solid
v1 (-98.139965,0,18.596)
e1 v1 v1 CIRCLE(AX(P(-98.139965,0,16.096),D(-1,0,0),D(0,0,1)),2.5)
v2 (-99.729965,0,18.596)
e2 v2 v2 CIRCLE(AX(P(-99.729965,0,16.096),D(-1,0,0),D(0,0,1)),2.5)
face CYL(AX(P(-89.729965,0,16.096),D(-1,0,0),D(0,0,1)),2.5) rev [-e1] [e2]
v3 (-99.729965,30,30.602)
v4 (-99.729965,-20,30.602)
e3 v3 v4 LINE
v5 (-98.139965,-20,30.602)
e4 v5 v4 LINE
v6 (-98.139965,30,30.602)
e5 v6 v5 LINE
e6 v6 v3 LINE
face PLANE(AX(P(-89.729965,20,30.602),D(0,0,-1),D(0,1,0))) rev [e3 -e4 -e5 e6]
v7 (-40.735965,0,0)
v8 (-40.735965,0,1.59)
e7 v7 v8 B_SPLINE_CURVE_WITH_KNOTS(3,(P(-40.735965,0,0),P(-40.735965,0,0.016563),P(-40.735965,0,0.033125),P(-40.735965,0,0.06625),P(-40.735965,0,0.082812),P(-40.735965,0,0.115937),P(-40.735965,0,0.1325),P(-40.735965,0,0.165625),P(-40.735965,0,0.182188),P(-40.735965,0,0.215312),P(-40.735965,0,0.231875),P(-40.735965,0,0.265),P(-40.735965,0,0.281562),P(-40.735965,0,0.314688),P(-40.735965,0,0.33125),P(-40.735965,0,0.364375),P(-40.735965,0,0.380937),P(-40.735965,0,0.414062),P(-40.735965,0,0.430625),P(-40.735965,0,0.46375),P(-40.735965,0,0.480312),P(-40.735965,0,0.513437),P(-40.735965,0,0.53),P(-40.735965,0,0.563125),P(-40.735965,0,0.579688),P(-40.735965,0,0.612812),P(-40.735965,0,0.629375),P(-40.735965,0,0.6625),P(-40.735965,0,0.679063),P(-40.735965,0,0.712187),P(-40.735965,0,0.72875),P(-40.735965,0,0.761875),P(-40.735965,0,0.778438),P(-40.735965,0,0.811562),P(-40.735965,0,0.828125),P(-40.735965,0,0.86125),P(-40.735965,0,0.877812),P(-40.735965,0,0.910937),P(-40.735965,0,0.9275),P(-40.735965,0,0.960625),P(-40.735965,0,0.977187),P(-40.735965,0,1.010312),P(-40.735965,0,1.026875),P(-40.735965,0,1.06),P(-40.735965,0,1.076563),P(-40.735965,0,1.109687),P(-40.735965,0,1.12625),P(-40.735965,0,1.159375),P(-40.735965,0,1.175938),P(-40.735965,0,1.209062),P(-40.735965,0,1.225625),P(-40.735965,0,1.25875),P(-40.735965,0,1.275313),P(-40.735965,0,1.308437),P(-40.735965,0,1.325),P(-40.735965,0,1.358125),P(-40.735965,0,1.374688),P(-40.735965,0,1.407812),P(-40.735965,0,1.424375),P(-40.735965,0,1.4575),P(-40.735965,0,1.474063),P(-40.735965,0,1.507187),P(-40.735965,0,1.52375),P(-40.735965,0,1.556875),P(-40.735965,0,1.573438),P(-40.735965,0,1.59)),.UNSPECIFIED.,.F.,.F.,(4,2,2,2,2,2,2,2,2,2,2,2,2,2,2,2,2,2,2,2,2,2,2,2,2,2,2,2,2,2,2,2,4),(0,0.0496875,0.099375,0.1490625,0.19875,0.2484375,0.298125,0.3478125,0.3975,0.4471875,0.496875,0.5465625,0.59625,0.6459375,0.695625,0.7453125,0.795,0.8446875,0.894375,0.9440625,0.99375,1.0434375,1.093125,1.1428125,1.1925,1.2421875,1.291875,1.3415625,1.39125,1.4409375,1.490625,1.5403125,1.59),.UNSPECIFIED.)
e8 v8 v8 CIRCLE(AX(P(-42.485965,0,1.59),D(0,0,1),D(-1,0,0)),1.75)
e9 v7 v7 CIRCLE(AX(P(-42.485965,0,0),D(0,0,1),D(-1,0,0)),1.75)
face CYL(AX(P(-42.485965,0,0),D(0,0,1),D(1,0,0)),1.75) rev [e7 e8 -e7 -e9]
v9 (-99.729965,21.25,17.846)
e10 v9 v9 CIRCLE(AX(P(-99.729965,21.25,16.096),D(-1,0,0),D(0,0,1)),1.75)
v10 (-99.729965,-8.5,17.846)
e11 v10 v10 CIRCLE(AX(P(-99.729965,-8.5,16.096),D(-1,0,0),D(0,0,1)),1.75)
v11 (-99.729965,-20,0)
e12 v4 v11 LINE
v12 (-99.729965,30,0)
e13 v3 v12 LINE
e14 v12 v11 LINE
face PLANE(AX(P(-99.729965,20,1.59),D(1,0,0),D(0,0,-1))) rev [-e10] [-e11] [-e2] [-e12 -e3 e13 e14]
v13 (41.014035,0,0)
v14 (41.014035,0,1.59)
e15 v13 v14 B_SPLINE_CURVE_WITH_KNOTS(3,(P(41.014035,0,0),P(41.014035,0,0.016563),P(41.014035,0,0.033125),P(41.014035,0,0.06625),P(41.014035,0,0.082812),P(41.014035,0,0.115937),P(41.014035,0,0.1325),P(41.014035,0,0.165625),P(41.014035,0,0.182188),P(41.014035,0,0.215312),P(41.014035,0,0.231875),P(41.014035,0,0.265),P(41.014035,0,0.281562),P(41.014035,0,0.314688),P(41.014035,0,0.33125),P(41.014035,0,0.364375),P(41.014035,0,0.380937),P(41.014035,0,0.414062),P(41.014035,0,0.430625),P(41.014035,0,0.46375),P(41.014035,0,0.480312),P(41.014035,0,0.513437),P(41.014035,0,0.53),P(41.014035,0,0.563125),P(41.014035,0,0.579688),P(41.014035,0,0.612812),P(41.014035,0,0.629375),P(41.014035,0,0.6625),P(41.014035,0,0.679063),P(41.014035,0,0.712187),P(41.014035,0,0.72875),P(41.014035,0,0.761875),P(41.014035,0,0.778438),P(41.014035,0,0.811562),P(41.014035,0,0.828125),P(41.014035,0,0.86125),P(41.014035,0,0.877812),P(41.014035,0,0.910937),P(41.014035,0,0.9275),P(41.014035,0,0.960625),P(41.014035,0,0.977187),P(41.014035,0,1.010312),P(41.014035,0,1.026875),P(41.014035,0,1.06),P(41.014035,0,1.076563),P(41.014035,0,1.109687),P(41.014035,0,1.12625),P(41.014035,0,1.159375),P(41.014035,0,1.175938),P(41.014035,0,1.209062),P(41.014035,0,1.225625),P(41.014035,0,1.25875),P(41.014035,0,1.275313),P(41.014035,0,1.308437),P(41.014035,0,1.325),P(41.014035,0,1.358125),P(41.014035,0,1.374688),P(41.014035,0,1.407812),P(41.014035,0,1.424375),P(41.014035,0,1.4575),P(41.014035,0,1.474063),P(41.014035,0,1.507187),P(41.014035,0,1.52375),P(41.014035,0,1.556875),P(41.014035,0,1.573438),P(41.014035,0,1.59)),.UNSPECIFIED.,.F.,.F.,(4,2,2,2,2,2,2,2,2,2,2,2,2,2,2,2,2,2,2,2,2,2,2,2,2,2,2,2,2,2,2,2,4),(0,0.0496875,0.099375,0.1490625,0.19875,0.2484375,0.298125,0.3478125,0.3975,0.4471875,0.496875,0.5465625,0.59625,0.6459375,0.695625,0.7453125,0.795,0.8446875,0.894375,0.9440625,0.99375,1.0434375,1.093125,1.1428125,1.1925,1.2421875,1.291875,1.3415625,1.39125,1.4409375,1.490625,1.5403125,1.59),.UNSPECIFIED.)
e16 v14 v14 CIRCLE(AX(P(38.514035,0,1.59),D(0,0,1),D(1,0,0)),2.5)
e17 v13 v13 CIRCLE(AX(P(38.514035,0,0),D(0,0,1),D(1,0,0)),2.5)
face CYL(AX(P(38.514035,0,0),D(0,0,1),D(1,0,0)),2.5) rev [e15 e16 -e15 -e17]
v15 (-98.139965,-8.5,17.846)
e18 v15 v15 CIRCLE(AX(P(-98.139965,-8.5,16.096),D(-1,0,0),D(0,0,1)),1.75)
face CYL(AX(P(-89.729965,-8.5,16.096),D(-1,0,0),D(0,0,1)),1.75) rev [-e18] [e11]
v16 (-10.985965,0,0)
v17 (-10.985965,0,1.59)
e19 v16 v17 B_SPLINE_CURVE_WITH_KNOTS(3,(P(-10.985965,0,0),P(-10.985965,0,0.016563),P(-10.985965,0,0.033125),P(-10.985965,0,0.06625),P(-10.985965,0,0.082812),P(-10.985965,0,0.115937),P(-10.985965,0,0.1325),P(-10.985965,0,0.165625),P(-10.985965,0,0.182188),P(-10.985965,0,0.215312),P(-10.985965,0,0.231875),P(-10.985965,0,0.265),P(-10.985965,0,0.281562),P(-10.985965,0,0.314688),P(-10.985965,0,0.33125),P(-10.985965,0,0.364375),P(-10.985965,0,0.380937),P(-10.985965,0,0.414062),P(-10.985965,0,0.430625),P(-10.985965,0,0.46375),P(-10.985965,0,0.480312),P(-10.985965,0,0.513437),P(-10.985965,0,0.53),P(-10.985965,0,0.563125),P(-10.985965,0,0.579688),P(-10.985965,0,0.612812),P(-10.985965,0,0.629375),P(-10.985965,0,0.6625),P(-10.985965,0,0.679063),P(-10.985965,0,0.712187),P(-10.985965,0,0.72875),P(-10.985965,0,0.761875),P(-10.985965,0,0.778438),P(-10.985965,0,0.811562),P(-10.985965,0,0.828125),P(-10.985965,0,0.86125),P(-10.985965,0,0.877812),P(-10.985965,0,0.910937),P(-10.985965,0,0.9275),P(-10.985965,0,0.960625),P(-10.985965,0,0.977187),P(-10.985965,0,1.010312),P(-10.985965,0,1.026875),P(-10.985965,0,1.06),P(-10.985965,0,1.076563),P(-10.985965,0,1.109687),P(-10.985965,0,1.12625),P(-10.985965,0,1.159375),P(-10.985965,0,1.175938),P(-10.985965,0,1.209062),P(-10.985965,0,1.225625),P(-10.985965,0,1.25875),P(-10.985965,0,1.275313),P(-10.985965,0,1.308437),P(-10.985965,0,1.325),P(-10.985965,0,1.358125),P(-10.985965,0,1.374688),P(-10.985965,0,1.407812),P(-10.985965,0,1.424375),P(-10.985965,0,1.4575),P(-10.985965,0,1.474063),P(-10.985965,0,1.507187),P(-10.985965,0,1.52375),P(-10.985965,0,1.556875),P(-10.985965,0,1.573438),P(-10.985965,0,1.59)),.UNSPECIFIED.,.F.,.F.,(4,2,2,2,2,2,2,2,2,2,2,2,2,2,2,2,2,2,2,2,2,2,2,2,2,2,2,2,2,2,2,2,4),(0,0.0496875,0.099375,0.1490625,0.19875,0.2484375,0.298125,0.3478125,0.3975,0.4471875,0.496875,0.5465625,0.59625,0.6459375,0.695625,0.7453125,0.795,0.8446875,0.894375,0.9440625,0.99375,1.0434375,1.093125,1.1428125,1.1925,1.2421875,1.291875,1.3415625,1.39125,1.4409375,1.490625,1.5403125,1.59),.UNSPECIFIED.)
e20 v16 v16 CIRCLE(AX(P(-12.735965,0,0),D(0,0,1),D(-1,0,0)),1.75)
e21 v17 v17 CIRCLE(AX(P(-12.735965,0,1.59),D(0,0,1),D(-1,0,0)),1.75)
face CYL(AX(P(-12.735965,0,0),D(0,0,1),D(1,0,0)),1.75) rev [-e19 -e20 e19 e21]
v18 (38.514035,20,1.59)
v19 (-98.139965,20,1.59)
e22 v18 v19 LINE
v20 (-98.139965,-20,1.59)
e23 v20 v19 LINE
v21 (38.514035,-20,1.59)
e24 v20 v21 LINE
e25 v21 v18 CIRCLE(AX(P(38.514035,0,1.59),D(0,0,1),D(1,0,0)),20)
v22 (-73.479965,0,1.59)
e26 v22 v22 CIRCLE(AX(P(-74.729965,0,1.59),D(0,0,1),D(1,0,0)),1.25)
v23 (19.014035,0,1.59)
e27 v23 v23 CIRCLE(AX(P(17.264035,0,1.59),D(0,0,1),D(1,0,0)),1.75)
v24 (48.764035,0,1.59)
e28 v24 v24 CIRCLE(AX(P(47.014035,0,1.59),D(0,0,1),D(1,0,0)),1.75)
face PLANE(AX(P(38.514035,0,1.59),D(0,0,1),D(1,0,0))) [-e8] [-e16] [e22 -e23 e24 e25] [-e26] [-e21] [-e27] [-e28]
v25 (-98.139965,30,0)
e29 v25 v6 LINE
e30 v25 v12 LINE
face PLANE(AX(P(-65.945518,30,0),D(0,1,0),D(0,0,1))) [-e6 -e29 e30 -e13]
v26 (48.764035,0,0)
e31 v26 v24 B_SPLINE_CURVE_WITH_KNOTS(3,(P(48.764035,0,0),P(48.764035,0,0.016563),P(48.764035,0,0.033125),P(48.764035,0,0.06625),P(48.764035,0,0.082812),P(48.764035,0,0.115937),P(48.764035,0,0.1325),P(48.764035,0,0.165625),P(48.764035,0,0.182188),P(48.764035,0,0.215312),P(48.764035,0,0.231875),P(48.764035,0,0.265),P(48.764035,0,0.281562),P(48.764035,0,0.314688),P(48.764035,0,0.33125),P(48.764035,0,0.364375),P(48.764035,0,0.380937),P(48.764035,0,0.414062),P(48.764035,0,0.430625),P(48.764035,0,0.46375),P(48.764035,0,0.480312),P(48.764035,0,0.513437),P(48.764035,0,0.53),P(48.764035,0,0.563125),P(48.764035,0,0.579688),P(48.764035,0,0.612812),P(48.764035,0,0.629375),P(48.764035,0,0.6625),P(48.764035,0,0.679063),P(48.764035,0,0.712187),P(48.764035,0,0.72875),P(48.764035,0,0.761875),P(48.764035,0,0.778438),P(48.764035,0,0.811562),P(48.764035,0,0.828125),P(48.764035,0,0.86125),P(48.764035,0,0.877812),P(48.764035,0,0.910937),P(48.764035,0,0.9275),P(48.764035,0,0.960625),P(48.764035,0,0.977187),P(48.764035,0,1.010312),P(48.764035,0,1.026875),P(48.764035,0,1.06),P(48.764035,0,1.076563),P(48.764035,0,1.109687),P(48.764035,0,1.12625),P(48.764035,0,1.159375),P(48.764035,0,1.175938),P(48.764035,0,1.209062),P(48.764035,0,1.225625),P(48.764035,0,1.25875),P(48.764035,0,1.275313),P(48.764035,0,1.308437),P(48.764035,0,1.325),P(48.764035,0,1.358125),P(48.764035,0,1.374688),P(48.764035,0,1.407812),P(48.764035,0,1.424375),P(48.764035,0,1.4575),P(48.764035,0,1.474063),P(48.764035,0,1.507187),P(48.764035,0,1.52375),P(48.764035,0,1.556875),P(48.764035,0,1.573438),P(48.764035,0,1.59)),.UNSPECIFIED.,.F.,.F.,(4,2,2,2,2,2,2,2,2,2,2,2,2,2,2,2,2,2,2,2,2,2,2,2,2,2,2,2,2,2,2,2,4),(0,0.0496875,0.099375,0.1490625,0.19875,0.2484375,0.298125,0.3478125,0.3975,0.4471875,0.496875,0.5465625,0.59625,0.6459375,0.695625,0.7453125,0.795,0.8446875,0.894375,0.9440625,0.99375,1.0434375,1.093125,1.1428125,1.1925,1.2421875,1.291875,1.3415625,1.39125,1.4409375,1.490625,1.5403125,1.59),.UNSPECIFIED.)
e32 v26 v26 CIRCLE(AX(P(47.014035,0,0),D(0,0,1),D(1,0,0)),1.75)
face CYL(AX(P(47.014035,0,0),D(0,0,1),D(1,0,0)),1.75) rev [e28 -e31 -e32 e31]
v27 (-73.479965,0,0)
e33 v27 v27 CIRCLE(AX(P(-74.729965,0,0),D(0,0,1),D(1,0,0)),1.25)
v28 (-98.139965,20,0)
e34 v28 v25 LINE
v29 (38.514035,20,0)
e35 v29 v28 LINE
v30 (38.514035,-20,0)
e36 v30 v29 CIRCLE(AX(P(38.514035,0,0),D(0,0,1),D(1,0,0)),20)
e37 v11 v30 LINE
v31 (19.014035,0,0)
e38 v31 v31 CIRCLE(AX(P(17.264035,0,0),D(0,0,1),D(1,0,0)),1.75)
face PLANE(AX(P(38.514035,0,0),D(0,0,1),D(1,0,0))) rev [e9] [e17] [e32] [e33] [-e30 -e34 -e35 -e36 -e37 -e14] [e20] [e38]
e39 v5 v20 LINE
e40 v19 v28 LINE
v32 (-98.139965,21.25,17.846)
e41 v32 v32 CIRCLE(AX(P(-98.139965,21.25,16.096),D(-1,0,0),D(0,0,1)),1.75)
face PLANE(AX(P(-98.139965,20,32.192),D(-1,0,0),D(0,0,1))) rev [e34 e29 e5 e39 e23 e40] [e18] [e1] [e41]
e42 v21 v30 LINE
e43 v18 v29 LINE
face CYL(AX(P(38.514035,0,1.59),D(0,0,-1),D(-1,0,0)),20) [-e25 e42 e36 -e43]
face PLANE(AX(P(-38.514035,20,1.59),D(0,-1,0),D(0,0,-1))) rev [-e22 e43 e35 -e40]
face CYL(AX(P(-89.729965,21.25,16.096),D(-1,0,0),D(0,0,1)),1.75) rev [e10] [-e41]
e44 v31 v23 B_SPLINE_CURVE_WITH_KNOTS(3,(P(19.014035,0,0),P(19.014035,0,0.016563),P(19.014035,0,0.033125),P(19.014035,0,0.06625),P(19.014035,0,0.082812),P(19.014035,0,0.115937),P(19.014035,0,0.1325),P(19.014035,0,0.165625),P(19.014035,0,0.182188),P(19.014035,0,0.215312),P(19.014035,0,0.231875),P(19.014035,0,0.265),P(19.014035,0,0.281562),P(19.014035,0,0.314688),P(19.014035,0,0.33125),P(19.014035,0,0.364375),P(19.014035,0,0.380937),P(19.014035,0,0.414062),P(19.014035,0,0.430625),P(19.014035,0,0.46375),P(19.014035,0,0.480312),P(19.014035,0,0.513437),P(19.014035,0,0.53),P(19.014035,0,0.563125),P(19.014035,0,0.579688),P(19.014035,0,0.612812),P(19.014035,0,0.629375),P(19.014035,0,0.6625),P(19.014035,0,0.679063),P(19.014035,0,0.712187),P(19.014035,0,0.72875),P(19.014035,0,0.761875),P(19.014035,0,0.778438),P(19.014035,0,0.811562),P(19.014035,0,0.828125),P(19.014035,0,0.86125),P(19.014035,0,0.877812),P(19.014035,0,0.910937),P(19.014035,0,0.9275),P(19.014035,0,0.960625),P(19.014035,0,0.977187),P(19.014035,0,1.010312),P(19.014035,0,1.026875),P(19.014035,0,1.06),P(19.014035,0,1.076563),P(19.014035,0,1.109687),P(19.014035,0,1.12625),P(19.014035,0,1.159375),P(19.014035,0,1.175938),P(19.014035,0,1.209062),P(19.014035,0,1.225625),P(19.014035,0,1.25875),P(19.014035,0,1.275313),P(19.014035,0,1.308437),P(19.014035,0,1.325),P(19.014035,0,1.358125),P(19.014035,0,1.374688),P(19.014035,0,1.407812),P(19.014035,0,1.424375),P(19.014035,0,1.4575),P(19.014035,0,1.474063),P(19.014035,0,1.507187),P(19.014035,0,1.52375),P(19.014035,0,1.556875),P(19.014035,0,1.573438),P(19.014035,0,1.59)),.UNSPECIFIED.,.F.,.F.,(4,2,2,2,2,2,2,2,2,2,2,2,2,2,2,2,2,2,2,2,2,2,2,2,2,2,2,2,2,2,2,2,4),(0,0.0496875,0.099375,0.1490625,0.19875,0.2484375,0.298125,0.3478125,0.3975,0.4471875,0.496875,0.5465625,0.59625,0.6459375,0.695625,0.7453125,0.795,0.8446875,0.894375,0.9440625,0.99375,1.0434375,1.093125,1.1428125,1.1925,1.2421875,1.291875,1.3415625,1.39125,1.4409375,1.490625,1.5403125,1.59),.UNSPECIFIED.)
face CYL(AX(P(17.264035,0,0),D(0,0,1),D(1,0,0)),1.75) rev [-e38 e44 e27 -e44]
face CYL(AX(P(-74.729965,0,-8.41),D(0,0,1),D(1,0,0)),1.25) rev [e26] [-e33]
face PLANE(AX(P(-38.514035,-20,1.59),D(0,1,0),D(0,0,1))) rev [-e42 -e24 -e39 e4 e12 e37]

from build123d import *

# Parameters (mm, degrees)
BOSS_EXTRUDE1_DEPTH = 1.59
SKETCH2_R           = 2.5
SKETCH2_R_2         = 1.75
CUT_EXTRUDE2_DEPTH  = 1.59
SKETCH3_W           = 1.59
SKETCH3_H           = 40
BOSS_EXTRUDE2_DEPTH = 30.602
SKETCH5_W           = 1.59
SKETCH5_H           = 40
CUT_EXTRUDE4_DEPTH  = 10
SKETCH9_W           = 30.602
SKETCH9_H           = 10
BOSS_EXTRUDE4_DEPTH = 1.59
SKETCH10_R          = 1.75
SKETCH10_R_2        = 2.5
CUT_EXTRUDE6_DEPTH  = 10
SKETCH11_R          = 1.25
CUT_EXTRUDE7_DEPTH  = 10


with BuildPart() as part:
    # Sketch1 → Boss-Extrude1 (new body)
    with BuildSketch(Plane.XY):
        with BuildLine():
            Line((-38.514035237, 20), (38.514035237, 20))
            ThreePointArc((38.514035237, 20), (58.514035237, 0), (38.514035237, -20))
            Line((38.514035237, -20), (-38.514035237, -20))
            Line((-38.514035237, -20), (-99.729964763, -20))
            Line((-99.729964763, -20), (-99.729964763, 20))
            Line((-99.729964763, 20), (-38.514035237, 20))
        make_face()
    extrude(amount=BOSS_EXTRUDE1_DEPTH)

    # Sketch2 → Cut-Extrude2 (cut)
    with BuildSketch(Plane.XY.offset(1.59)):
        with Locations((38.514035237, 0)):
            Circle(SKETCH2_R)
        with Locations((47.014035237, 0)):
            Circle(SKETCH2_R_2)
        with Locations((17.264035237, 0)):
            Circle(SKETCH2_R_2)
        with Locations((-12.735964763, 0)):
            Circle(SKETCH2_R_2)
        with Locations((-42.485964763, 0)):
            Circle(SKETCH2_R_2)
    extrude(amount=-CUT_EXTRUDE2_DEPTH, mode=Mode.SUBTRACT)

    # Sketch3 → Boss-Extrude2 (add)
    with BuildSketch(Plane.XY.offset(1.59)):
        with Locations((-98.934964763, 0)):
            Rectangle(SKETCH3_W, SKETCH3_H)
    extrude(amount=BOSS_EXTRUDE2_DEPTH)

    # Sketch5 → Cut-Extrude4 (cut)
    with BuildSketch(Plane.ZY.offset(99.729964763)):
        with Locations((31.397, 0)):
            Rectangle(SKETCH5_W, SKETCH5_H)
    extrude(amount=-CUT_EXTRUDE4_DEPTH, mode=Mode.SUBTRACT)

    # Sketch9 → Boss-Extrude4 (add)
    with BuildSketch(Plane.ZY.offset(99.729964763)):
        with Locations((15.301, 25)):
            Rectangle(SKETCH9_W, SKETCH9_H)
    extrude(amount=-BOSS_EXTRUDE4_DEPTH)

    # Sketch10 → Cut-Extrude6 (cut)
    with BuildSketch(Plane.ZY.offset(99.729964763)):
        with Locations((16.096, -8.5)):
            Circle(SKETCH10_R)
        with Locations((16.096, 0)):
            Circle(SKETCH10_R_2)
        with Locations((16.096, 21.25)):
            Circle(SKETCH10_R)
    extrude(amount=-CUT_EXTRUDE6_DEPTH, mode=Mode.SUBTRACT)

    # Sketch11 → Cut-Extrude7 (cut)
    with BuildSketch(Plane.XY.offset(1.59)):
        with Locations((-74.729964763, 0)):
            Circle(SKETCH11_R)
    extrude(amount=-CUT_EXTRUDE7_DEPTH, mode=Mode.SUBTRACT)


solid = part.part
